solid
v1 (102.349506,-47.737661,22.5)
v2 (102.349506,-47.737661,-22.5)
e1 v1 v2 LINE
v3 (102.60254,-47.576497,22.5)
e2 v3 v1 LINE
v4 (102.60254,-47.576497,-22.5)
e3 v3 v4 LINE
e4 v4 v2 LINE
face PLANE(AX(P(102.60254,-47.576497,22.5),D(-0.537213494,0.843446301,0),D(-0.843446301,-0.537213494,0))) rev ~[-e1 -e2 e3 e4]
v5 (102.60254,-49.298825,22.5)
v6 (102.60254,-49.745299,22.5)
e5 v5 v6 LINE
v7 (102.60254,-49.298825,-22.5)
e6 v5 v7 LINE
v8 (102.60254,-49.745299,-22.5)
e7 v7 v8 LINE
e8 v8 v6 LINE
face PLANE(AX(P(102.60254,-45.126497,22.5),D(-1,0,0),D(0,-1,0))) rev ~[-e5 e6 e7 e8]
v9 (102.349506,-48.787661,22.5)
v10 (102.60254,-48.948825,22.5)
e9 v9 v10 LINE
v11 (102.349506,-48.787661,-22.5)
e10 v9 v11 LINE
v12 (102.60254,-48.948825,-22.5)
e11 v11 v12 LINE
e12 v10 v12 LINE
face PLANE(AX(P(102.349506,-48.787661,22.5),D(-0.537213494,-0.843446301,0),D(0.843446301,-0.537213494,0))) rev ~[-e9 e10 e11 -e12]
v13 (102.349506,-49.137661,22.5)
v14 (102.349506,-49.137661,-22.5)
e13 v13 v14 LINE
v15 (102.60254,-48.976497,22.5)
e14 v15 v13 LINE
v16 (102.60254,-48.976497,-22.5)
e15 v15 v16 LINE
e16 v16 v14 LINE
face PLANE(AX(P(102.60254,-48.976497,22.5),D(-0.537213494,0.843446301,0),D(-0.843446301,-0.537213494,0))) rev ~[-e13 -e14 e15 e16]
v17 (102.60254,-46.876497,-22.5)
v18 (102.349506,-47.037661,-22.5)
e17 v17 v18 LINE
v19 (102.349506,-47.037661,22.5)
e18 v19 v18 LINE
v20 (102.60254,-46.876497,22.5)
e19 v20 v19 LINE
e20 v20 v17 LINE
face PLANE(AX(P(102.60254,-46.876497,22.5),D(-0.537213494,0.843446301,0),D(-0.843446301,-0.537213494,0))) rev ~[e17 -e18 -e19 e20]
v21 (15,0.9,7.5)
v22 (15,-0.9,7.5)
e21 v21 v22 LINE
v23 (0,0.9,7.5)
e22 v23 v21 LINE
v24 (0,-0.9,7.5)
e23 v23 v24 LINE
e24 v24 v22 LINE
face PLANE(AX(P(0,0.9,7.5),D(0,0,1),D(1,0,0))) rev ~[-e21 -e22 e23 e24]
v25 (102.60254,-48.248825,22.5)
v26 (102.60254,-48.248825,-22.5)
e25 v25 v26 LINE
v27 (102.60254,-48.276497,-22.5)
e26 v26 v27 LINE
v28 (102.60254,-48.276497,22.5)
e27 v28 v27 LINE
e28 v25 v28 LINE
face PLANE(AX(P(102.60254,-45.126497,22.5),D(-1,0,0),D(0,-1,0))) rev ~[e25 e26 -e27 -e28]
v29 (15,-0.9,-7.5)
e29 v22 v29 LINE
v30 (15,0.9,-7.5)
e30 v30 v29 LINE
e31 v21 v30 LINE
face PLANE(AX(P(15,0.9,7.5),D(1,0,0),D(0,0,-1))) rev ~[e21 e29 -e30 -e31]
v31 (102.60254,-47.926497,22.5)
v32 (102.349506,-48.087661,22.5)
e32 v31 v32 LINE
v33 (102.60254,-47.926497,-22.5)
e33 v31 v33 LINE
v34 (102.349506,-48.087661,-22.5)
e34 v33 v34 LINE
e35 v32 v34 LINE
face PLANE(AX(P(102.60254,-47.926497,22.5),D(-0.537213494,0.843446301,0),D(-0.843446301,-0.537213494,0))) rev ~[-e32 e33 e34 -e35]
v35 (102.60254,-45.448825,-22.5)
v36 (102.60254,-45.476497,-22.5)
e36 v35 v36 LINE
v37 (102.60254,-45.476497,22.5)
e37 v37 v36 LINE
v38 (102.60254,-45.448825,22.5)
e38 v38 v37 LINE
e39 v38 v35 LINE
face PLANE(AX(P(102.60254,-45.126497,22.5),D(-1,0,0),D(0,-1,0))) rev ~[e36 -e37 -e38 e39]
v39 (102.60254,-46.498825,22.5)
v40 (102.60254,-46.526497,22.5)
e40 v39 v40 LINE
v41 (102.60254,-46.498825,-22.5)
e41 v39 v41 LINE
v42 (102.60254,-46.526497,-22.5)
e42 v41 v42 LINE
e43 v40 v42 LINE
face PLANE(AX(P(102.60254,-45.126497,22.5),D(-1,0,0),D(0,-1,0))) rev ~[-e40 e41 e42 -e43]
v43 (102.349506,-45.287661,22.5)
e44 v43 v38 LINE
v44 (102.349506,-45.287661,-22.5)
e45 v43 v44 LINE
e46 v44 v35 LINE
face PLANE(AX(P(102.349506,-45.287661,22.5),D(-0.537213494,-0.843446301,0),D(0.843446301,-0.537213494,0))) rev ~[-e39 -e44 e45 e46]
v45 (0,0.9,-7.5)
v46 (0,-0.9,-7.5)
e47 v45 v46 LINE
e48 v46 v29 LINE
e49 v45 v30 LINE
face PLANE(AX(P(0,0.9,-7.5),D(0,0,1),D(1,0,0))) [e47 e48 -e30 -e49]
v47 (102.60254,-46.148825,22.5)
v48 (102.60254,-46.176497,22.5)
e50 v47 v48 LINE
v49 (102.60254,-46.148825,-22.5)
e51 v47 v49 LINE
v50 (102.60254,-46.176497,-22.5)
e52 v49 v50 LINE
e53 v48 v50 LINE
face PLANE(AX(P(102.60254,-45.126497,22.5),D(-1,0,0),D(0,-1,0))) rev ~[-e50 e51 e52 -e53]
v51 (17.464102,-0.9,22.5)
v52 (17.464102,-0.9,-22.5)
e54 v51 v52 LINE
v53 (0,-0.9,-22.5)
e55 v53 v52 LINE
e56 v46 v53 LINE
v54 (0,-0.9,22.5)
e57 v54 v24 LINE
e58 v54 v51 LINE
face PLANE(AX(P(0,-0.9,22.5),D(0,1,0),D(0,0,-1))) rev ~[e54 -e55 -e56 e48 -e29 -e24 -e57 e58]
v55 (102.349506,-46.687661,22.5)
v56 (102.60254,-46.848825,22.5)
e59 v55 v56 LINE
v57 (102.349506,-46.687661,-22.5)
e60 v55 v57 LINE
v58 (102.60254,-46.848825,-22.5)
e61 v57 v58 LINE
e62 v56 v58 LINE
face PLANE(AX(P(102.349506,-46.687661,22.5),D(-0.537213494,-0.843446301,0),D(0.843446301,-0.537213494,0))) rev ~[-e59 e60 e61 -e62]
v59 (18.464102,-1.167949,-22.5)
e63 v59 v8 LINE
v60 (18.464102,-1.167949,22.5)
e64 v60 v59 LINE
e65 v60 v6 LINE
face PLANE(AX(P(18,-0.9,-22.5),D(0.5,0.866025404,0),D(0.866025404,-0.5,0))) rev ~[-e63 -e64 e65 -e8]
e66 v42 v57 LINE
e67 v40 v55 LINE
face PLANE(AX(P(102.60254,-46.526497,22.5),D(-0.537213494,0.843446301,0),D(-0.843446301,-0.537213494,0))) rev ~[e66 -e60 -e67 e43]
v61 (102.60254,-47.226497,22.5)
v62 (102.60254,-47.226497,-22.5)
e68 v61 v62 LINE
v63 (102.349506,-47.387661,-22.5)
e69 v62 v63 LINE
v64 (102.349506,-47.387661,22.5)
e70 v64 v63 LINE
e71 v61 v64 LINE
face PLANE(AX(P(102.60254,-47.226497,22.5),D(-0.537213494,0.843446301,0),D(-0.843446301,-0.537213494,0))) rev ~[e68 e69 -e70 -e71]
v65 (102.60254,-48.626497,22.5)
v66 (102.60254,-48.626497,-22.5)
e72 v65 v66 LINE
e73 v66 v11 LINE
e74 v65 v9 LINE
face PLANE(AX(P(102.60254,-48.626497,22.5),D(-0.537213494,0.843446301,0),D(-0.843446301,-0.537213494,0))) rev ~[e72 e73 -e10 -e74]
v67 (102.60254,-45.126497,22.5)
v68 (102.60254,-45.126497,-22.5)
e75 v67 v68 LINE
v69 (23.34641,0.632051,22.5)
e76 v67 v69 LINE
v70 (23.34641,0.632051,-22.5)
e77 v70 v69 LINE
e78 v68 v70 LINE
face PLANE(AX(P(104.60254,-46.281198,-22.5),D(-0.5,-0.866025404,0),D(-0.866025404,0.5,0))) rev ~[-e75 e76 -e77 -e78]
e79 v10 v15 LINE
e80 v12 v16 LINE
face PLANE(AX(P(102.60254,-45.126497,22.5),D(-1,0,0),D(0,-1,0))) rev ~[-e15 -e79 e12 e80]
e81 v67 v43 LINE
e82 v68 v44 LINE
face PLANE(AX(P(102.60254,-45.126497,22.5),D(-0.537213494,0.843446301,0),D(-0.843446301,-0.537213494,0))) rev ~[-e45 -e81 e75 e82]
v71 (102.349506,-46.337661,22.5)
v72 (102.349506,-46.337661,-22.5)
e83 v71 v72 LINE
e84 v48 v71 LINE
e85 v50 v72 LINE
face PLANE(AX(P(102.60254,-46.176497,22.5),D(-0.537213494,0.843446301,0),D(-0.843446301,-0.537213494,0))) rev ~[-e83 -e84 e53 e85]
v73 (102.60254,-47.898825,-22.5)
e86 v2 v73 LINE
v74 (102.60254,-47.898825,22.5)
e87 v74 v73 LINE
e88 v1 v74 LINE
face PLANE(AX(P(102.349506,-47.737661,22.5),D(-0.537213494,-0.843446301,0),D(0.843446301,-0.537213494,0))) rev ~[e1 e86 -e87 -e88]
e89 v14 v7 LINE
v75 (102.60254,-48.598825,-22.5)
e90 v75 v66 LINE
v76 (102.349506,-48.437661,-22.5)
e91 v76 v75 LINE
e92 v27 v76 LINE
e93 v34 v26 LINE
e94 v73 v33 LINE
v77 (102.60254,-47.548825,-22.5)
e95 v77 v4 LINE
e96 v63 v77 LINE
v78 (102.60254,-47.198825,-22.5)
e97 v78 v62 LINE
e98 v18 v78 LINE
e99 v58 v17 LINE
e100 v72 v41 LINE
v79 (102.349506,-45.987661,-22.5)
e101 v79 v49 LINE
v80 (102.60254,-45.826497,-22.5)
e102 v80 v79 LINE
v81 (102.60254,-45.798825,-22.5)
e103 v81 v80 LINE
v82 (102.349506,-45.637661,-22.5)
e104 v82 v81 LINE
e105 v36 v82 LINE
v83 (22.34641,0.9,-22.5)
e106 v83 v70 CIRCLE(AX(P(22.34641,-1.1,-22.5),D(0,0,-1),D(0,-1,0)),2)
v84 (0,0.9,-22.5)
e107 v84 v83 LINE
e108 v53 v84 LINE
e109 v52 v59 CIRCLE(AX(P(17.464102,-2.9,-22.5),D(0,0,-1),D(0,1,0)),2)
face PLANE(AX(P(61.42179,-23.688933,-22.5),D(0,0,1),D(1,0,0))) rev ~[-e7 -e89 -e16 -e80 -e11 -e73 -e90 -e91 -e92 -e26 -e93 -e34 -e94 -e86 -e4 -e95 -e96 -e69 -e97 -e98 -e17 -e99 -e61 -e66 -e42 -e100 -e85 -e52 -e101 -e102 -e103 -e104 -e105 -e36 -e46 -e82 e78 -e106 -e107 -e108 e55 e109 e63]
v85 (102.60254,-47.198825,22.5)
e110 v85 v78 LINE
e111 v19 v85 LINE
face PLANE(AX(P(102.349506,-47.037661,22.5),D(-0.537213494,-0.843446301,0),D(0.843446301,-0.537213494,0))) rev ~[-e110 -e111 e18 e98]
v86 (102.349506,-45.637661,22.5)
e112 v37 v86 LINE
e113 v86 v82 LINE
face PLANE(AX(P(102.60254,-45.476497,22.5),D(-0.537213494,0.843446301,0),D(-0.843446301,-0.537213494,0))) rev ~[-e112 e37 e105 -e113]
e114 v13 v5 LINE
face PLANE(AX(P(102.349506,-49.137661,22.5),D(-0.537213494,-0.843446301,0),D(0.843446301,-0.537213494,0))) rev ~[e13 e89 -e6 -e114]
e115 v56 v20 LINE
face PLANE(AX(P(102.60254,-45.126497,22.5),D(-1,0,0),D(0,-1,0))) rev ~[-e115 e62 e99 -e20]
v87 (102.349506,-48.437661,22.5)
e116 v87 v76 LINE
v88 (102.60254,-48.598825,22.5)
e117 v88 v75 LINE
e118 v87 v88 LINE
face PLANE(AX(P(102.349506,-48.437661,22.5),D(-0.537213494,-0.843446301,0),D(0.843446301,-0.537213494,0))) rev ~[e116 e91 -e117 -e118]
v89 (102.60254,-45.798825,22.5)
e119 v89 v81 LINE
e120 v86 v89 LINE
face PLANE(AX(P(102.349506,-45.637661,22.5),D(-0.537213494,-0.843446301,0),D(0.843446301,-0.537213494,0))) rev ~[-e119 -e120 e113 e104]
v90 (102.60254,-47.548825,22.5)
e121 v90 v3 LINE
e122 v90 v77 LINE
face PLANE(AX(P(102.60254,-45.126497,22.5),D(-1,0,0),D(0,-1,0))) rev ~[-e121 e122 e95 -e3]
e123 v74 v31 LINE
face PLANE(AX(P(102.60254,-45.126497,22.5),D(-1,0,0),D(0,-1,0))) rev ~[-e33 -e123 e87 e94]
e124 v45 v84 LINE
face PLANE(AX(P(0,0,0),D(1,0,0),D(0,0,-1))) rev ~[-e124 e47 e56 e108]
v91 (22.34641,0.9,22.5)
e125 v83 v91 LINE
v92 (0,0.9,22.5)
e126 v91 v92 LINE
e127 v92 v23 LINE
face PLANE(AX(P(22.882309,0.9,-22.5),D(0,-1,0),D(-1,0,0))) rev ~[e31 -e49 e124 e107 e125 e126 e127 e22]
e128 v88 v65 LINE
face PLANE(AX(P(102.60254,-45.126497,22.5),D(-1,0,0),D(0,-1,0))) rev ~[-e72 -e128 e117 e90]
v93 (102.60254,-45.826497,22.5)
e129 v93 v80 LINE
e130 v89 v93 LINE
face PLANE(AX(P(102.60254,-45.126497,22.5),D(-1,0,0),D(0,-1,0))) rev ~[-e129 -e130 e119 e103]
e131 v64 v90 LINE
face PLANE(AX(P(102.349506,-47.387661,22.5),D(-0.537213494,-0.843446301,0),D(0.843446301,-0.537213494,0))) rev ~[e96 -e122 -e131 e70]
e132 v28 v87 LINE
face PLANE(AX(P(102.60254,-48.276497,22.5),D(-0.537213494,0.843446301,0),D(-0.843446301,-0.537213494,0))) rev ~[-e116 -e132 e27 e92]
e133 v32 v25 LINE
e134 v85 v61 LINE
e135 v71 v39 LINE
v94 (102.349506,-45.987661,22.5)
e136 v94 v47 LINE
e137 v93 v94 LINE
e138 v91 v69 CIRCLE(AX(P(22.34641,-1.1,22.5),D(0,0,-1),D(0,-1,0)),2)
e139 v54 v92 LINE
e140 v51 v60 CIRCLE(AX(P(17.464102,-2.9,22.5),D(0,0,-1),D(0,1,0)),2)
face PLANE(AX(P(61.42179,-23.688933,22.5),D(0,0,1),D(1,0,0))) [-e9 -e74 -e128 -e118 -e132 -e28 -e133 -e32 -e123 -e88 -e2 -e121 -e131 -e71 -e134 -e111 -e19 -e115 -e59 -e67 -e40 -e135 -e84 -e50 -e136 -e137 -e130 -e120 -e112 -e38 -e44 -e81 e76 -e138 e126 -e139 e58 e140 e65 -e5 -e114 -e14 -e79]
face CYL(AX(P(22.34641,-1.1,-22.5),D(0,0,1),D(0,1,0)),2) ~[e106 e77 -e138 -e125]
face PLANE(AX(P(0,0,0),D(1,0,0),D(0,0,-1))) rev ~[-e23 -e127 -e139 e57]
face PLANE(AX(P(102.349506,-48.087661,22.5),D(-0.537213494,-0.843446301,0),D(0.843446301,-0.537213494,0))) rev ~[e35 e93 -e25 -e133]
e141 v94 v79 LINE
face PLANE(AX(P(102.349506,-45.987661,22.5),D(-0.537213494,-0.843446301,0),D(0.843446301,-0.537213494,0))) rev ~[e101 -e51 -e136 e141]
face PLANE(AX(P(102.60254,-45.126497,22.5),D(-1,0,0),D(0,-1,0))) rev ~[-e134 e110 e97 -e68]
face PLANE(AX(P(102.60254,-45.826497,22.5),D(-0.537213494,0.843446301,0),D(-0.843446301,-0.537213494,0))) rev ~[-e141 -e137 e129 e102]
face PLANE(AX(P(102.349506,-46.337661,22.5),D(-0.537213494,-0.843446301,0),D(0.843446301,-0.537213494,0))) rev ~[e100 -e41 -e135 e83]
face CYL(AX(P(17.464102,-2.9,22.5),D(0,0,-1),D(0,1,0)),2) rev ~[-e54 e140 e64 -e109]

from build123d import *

# Parameters (mm, degrees)
SKETCH_1_W          = 45
SKETCH_1_H          = 1.8
EXTRUDE_1_DEPTH     = 18
SKETCH_2_W          = 15
SKETCH_2_H          = 15
CUT_EXTRUDE_1_DEPTH = 15
EXTRUDE_2_DEPTH     = 45
CUT_EXTRUDE_2_DEPTH = 45
CUT_EXTRUDE_3_DEPTH = 45
FILLET_1_R          = 2
FILLET_2_R          = 2


with BuildPart() as part:
    # 草图1 → 凸台-拉伸1 (new body)
    with BuildSketch(Plane(origin=(0, 0, 0), x_dir=(0, 0, -1), z_dir=(1, 0, 0))):
        Rectangle(SKETCH_1_W, SKETCH_1_H)
    extrude(amount=EXTRUDE_1_DEPTH)

    # 草图2 → 切除-拉伸1 (cut)
    with BuildSketch(Plane(origin=(0, 0.9, 0), x_dir=(1, 0, 0), z_dir=(0, 1, 0))):
        with Locations((7.5, 0)):
            Rectangle(SKETCH_2_W, SKETCH_2_H)
    extrude(amount=-CUT_EXTRUDE_1_DEPTH, mode=Mode.SUBTRACT)

    # 草图4 → 凸台-拉伸2 (add)
    with BuildSketch(Plane(origin=(0, 0, -22.5), x_dir=(-1, 0, 0), z_dir=(0, 0, -1))):
        Polygon((-18, -0.9), (-102.602540378, -49.745299462), (-104.602540378, -46.281197846), (-22.882308546, 0.9), (-18, 0.9), align=None)
    extrude(amount=-EXTRUDE_2_DEPTH)

    # 草图5 → 切除-拉伸2 (cut)
    with BuildSketch(Plane.XY.offset(22.5)):
        Polygon((102.602540378, -45.126497308), (102.602540378, -49.745299462), (104.602540378, -46.281197846), align=None)
    extrude(amount=-CUT_EXTRUDE_2_DEPTH, mode=Mode.SUBTRACT)

    # 草图6 → 切除-拉伸3 (cut)
    with BuildSketch(Plane.XY.offset(22.5)):
        Polygon((102.602540378, -45.126497308), (102.349506488, -45.287661356), (102.602540378, -45.448825404), align=None)
        Polygon((102.602540378, -45.476497308), (102.349506488, -45.637661356), (102.602540378, -45.798825404), align=None)
        Polygon((102.602540378, -45.826497308), (102.349506488, -45.987661356), (102.602540378, -46.148825404), align=None)
        Polygon((102.602540378, -46.176497308), (102.349506488, -46.337661356), (102.602540378, -46.498825404), align=None)
        Polygon((102.602540378, -46.526497308), (102.349506488, -46.687661356), (102.602540378, -46.848825404), align=None)
        Polygon((102.602540378, -46.876497308), (102.349506488, -47.037661356), (102.602540378, -47.198825404), align=None)
        Polygon((102.602540378, -47.226497308), (102.349506488, -47.387661356), (102.602540378, -47.548825404), align=None)
        Polygon((102.602540378, -47.576497308), (102.349506488, -47.737661356), (102.602540378, -47.898825404), align=None)
        Polygon((102.602540378, -47.926497308), (102.349506488, -48.087661356), (102.602540378, -48.248825404), align=None)
        Polygon((102.602540378, -48.276497308), (102.349506488, -48.437661356), (102.602540378, -48.598825404), align=None)
        Polygon((102.602540378, -48.626497308), (102.349506488, -48.787661356), (102.602540378, -48.948825404), align=None)
        Polygon((102.602540378, -48.976497308), (102.349506488, -49.137661356), (102.602540378, -49.298825404), align=None)
    extrude(amount=-CUT_EXTRUDE_3_DEPTH, mode=Mode.SUBTRACT)

    # 圆角1
    fillet_1_edges = [part.edges().sort_by_distance(p)[0] for p in [
        (22.882308546, 0.9, 0),
    ]]
    fillet(fillet_1_edges, radius=FILLET_1_R)

    # 圆角2
    fillet_2_edges = [part.edges().sort_by_distance(p)[0] for p in [
        (18, -0.9, 0),
    ]]
    fillet(fillet_2_edges, radius=FILLET_2_R)


solid = part.part
